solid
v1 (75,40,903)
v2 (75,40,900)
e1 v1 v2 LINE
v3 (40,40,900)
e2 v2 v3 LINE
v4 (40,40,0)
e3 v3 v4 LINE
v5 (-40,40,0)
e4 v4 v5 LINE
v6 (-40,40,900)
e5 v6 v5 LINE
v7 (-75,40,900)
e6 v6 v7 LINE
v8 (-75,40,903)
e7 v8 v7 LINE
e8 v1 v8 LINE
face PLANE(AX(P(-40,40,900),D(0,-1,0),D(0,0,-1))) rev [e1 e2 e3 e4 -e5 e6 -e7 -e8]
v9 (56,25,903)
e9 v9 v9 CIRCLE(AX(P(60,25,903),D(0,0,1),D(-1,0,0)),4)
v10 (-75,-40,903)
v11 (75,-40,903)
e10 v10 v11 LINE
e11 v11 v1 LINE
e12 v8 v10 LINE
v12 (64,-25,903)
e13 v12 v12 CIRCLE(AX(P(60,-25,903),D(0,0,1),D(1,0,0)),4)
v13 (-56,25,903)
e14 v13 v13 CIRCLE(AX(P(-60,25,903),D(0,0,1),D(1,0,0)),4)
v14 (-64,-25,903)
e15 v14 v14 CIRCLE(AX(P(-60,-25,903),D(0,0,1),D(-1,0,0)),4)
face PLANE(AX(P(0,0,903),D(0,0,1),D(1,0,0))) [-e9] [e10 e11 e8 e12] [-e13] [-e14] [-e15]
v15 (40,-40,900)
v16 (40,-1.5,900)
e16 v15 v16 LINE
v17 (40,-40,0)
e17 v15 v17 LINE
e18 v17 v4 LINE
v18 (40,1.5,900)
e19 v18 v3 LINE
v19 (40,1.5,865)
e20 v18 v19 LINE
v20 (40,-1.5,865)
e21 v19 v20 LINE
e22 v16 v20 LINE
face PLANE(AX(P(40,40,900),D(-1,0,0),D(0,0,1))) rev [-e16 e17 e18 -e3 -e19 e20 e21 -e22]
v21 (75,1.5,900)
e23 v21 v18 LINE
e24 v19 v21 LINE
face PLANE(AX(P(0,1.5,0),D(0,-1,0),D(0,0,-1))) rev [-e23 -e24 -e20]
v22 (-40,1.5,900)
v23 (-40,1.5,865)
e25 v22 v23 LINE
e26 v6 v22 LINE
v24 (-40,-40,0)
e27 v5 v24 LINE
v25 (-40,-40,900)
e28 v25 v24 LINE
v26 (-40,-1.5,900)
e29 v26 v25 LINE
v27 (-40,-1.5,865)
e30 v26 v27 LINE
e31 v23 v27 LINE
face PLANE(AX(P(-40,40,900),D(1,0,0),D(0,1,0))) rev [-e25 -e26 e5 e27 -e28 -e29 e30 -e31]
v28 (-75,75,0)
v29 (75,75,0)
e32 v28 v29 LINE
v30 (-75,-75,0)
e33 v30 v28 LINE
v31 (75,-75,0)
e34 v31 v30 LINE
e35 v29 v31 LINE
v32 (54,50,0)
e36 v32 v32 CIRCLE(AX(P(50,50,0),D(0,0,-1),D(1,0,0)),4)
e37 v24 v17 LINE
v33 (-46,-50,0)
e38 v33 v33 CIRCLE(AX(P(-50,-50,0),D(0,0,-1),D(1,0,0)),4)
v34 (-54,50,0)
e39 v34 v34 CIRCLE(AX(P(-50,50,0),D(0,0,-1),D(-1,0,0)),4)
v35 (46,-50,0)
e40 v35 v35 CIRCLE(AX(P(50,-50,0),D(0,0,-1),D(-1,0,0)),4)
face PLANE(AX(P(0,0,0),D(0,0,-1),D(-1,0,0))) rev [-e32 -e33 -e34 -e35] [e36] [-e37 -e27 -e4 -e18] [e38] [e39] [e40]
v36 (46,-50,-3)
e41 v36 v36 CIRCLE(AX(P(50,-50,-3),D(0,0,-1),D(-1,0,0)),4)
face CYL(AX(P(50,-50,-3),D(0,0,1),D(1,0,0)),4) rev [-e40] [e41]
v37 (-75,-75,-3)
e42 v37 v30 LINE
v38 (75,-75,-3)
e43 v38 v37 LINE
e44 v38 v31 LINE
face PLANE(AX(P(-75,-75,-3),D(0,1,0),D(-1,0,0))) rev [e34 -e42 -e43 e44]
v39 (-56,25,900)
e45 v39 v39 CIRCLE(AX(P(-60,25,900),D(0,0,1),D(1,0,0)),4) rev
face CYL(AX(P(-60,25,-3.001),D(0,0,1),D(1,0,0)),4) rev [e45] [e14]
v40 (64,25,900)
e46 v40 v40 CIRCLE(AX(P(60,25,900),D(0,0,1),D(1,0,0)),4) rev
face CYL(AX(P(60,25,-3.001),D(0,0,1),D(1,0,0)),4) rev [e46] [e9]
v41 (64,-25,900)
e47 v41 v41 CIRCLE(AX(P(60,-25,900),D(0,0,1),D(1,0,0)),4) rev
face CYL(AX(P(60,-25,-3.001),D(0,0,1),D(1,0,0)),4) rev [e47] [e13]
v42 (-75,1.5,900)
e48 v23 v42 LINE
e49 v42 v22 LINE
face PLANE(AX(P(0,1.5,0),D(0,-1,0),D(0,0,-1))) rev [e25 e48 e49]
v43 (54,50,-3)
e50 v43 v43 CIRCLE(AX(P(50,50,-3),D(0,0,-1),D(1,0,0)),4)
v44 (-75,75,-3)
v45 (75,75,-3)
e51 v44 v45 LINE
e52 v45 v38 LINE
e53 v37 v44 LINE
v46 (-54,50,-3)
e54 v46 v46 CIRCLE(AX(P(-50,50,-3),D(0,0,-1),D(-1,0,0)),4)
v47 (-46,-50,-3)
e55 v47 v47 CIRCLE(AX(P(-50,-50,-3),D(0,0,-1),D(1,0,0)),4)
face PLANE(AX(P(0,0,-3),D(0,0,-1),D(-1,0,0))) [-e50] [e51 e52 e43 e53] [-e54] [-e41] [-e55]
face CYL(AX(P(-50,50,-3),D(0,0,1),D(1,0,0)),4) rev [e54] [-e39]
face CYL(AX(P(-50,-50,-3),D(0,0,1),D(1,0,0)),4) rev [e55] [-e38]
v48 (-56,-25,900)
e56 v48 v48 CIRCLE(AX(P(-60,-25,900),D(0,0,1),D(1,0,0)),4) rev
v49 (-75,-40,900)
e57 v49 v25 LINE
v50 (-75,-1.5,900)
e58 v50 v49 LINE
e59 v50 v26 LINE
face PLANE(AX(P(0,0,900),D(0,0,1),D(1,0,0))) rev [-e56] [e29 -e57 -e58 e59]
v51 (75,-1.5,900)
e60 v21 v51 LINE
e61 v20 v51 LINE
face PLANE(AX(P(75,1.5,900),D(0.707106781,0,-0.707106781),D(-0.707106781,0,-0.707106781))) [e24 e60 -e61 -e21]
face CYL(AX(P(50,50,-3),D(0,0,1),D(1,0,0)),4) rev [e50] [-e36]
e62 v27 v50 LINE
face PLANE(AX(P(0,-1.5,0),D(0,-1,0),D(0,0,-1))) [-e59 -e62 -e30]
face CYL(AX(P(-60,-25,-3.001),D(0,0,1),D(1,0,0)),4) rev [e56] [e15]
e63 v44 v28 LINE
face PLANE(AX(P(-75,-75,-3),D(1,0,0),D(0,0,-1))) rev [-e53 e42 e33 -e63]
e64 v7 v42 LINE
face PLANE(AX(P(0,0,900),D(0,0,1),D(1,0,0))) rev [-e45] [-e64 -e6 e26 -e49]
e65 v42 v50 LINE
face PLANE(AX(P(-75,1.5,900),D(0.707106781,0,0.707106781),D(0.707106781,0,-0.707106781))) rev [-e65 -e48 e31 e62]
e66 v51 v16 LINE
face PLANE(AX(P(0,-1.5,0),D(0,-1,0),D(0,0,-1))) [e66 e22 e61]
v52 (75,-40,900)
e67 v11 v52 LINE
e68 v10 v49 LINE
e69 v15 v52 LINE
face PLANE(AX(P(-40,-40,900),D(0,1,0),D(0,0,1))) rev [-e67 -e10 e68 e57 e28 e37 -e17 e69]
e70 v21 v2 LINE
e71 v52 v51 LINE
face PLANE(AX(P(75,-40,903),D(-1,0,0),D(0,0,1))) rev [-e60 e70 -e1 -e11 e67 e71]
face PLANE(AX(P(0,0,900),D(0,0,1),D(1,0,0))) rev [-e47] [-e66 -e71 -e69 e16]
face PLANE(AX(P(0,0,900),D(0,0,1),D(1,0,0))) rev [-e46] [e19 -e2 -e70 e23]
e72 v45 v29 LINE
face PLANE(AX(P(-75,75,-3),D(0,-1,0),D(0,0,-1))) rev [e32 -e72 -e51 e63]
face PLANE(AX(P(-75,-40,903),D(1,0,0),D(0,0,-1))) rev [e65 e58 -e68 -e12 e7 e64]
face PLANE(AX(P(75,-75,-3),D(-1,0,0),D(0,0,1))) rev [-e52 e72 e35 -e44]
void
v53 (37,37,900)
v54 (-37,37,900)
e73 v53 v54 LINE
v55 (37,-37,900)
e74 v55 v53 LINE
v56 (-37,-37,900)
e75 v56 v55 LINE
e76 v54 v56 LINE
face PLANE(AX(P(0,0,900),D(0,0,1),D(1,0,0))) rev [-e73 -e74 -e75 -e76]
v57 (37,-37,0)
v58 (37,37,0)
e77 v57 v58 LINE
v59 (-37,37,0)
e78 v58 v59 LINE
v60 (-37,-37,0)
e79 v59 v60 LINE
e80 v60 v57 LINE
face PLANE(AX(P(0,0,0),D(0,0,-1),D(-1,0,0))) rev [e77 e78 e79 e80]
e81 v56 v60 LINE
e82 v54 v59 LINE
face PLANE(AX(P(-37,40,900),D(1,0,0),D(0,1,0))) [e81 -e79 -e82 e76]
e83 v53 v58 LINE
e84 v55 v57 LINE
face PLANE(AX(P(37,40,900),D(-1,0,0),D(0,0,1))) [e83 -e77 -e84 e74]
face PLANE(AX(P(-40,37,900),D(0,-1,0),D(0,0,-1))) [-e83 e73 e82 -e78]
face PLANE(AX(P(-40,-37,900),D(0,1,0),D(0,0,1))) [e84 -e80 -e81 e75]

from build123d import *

# Parameters (mm, degrees)
SKETCH1_W           = 80
SKETCH1_H           = 80
BOSS_EXTRUDE1_DEPTH = 900
SHELL1_T            = -3
SKETCH2_W           = 150
SKETCH2_H           = 150
SKETCH2_R           = 4
BOSS_EXTRUDE2_DEPTH = 3
SKETCH6_W           = 150
SKETCH6_H           = 80
BOSS_EXTRUDE4_DEPTH = 3
CUT_EXTRUDE3_REACH  = 914.187
SKETCH7_R           = 4
BOSS_EXTRUDE5_DEPTH = 1.5


with BuildPart() as part:
    # Sketch1 → Boss-Extrude1 (new body)
    with BuildSketch(Plane.XY):
        Rectangle(SKETCH1_W, SKETCH1_H)
    extrude(amount=BOSS_EXTRUDE1_DEPTH)

    # Shell1
    shell1_openings = [part.faces().sort_by_distance(p)[0] for p in [
        (0, 0, 900),
        (0, 0, 0),
    ]]
    offset(amount=SHELL1_T, openings=shell1_openings, kind=Kind.INTERSECTION)

    # Sketch2 → Boss-Extrude2 (add)
    with BuildSketch(Plane(origin=(0, 0, 0), x_dir=(-1, 0, 0), z_dir=(0, 0, -1))):
        Rectangle(SKETCH2_W, SKETCH2_H)
        with Locations((50, 50)):
            Circle(SKETCH2_R, mode=Mode.SUBTRACT)
        with Locations(Location((-50, 50, 0), (0, 0, 180))):
            Circle(SKETCH2_R, mode=Mode.SUBTRACT)
        with Locations(Location((50, -50, 0), (0, 0, 180))):
            Circle(SKETCH2_R, mode=Mode.SUBTRACT)
        with Locations((-50, -50)):
            Circle(SKETCH2_R, mode=Mode.SUBTRACT)
    extrude(amount=BOSS_EXTRUDE2_DEPTH)

    # Sketch6 → Boss-Extrude4 (add)
    with BuildSketch(Plane.XY.offset(900)):
        Rectangle(SKETCH6_W, SKETCH6_H)
    extrude(amount=BOSS_EXTRUDE4_DEPTH)

    # Sketch7 → Cut-Extrude3 (cut, up to next)
    with BuildSketch(Plane.XY.offset(903), mode=Mode.PRIVATE) as cut_extrude3_sk1:
        with Locations((-60, 25)):
            Circle(SKETCH7_R)
    cut_extrude3_tool1 = extrude(cut_extrude3_sk1.sketch, amount=-CUT_EXTRUDE3_REACH, mode=Mode.PRIVATE) & part.part
    # Sketch7 → Cut-Extrude3 (cut, up to next)
    with BuildSketch(Plane.XY.offset(903), mode=Mode.PRIVATE) as cut_extrude3_sk2:
        with Locations((60, 25)):
            Circle(SKETCH7_R)
    cut_extrude3_tool2 = extrude(cut_extrude3_sk2.sketch, amount=-CUT_EXTRUDE3_REACH, mode=Mode.PRIVATE) & part.part
    # Sketch7 → Cut-Extrude3 (cut, up to next)
    with BuildSketch(Plane.XY.offset(903), mode=Mode.PRIVATE) as cut_extrude3_sk3:
        with Locations((60, -25)):
            Circle(SKETCH7_R)
    cut_extrude3_tool3 = extrude(cut_extrude3_sk3.sketch, amount=-CUT_EXTRUDE3_REACH, mode=Mode.PRIVATE) & part.part
    # Sketch7 → Cut-Extrude3 (cut, up to next)
    with BuildSketch(Plane.XY.offset(903), mode=Mode.PRIVATE) as cut_extrude3_sk4:
        with Locations((-60, -25)):
            Circle(SKETCH7_R)
    cut_extrude3_tool4 = extrude(cut_extrude3_sk4.sketch, amount=-CUT_EXTRUDE3_REACH, mode=Mode.PRIVATE) & part.part
    add(cut_extrude3_tool1.solids().sort_by_distance((-60, 25, 903))[0], mode=Mode.SUBTRACT)
    add(cut_extrude3_tool2.solids().sort_by_distance((60, 25, 903))[0], mode=Mode.SUBTRACT)
    add(cut_extrude3_tool3.solids().sort_by_distance((60, -25, 903))[0], mode=Mode.SUBTRACT)
    add(cut_extrude3_tool4.solids().sort_by_distance((-60, -25, 903))[0], mode=Mode.SUBTRACT)

    # Sketch10 → Boss-Extrude5 (add, symmetric)
    with BuildSketch(Plane(origin=(0, 0, 0), x_dir=(1, 0, 0), z_dir=(0, 1, 0))):
        Polygon((-40, -900), (-75, -900), (-40, -865), align=None)
    boss_extrude5 = extrude(amount=BOSS_EXTRUDE5_DEPTH, both=True)

    # Mirror3: Boss-Extrude5 across plane
    add(boss_extrude5.mirror(Plane(origin=(0, 0, 0), x_dir=(0, 0, 1), z_dir=(1, 0, 0))))


solid = part.part
